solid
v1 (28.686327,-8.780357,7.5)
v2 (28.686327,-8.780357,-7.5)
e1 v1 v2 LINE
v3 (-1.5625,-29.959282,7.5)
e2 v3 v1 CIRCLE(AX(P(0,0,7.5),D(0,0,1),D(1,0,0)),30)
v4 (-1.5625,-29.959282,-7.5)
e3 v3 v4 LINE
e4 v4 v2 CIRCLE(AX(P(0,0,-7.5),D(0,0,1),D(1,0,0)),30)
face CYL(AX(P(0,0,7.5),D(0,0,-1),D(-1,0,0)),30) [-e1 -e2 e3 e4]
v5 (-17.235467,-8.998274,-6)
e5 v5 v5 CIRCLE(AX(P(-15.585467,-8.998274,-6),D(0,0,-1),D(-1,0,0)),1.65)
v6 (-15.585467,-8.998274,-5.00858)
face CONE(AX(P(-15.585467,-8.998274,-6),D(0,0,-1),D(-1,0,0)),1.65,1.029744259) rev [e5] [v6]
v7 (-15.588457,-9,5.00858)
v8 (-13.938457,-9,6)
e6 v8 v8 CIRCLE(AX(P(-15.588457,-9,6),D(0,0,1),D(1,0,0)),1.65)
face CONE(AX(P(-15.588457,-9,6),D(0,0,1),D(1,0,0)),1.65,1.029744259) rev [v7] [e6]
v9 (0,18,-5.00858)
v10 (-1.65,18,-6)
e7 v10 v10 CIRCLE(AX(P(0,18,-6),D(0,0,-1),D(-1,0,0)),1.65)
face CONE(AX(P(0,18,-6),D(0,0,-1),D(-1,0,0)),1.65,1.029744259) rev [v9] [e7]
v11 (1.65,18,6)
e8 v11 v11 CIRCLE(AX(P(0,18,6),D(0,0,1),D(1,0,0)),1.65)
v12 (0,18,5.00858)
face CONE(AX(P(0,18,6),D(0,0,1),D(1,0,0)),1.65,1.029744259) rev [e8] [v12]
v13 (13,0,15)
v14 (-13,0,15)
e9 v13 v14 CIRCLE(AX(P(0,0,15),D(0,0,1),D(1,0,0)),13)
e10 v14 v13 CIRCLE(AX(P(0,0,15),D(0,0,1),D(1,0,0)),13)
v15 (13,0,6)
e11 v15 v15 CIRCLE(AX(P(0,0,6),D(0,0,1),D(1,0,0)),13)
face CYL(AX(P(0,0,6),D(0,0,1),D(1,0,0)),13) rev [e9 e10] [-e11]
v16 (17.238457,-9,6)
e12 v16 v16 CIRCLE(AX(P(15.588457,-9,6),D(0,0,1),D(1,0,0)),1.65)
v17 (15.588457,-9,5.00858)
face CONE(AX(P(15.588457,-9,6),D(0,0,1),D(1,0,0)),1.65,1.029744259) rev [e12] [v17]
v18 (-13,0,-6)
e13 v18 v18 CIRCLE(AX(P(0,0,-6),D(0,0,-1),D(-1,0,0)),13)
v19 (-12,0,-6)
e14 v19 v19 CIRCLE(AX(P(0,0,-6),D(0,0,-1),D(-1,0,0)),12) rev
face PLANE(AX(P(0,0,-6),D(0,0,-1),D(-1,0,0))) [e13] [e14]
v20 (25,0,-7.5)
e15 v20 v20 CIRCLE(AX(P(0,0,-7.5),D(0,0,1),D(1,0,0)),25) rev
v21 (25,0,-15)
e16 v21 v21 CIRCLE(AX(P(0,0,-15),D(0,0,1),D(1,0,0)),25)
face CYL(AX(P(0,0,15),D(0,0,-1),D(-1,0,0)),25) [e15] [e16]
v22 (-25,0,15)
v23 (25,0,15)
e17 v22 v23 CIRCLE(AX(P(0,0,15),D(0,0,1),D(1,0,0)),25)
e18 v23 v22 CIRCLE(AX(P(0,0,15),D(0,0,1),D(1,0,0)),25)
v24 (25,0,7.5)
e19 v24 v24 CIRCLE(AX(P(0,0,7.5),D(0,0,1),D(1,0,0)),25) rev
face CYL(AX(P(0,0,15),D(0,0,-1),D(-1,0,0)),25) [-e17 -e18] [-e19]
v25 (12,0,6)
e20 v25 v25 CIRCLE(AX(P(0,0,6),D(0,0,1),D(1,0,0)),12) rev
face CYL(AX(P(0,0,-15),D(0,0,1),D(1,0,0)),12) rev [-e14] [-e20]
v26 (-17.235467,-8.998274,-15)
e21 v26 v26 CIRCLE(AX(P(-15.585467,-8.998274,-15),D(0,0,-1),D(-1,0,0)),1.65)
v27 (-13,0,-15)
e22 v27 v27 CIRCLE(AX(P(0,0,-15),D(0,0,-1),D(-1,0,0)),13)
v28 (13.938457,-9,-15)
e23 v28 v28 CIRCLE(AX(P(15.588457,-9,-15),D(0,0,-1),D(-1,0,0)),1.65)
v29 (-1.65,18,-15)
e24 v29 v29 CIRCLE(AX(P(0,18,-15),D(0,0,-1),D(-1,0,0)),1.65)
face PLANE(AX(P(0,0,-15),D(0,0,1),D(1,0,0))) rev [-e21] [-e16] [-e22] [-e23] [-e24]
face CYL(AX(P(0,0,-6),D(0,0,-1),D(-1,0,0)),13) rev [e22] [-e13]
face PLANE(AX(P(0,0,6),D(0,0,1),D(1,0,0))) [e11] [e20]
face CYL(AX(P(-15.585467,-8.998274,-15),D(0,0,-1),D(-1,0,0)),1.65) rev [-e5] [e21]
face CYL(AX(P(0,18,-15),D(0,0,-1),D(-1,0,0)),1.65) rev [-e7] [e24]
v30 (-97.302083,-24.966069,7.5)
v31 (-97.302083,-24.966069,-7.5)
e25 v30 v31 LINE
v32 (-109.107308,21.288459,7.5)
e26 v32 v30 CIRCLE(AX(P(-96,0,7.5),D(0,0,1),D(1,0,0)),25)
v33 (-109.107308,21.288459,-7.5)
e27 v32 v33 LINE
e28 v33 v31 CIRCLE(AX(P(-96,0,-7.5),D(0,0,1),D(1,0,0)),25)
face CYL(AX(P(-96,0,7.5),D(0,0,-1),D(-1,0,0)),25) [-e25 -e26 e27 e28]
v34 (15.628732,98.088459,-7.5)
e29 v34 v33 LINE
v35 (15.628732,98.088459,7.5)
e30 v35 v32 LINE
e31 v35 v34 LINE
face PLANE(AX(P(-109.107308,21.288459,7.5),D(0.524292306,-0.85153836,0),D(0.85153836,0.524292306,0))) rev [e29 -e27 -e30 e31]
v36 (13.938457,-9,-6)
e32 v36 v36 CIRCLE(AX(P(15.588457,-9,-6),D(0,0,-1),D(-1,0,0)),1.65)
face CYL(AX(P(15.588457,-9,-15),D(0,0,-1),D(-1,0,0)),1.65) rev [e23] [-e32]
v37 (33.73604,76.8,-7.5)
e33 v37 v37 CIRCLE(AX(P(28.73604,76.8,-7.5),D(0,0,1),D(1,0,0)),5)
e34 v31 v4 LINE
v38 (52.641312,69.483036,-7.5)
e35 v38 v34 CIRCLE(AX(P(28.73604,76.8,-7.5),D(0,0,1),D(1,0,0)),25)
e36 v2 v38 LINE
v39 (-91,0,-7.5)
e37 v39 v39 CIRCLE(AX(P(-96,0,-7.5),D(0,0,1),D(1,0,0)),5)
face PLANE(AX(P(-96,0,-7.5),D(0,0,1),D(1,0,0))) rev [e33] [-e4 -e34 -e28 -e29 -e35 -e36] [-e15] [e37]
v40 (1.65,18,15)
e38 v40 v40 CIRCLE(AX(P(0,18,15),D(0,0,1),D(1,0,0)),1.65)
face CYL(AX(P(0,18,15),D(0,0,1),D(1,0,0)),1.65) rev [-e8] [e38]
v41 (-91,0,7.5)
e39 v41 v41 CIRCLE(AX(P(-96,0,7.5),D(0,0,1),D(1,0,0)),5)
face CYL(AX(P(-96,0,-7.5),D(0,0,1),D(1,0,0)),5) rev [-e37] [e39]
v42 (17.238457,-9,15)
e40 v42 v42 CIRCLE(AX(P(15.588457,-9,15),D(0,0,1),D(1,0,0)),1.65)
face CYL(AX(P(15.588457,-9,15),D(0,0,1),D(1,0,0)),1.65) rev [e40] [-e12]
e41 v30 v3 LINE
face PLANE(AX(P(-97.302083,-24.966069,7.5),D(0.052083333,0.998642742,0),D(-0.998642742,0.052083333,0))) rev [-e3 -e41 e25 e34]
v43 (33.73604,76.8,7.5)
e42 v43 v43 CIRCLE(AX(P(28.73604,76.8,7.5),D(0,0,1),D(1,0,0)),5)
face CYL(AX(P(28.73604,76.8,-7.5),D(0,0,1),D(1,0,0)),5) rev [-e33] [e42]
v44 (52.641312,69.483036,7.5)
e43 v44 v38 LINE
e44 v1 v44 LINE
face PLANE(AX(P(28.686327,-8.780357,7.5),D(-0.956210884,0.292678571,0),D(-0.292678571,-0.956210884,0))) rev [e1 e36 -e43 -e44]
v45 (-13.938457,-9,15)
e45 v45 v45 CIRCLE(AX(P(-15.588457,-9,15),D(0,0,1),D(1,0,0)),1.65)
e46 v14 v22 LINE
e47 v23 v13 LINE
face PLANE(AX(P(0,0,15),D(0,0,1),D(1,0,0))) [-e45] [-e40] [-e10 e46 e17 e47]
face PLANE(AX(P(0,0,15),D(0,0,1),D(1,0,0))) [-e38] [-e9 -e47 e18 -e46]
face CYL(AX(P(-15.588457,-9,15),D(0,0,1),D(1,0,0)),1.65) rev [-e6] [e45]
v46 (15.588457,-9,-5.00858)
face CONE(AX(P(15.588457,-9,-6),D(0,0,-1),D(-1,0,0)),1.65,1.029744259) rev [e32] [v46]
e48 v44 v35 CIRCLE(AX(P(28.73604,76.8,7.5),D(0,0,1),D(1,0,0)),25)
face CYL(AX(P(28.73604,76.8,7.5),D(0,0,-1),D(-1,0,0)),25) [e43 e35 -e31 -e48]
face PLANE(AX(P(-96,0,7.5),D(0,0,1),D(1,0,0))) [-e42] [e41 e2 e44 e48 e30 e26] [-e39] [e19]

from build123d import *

# Parameters (mm, degrees)
BASELINE_BODY_DEPTH   = 7.5
SKETCH3_R             = 5
CUT_EXTRUDE1_DEPTH    = 159.837149307
SKETCH4_R             = 25
BOSS_EXTRUDE2_DEPTH   = 15
SKETCH5_R             = 12
CUT_EXTRUDE2_DEPTH    = 161.947941894
SKETCH6_R             = 13
CUT_EXTRUDE3_DEPTH    = 9
CUT_EXTRUDE4_START    = -9
SKETCH7_R             = 13
CUT_EXTRUDE4_DEPTH    = 9
M4_TAPPED_HOLE6_D     = 3.3
M4_TAPPED_HOLE6_DEPTH = 9
M4_TAPPED_HOLE6_TIP   = 0.991420021
M4_TAPPED_HOLE8_D     = 3.3
M4_TAPPED_HOLE8_DEPTH = 9
M4_TAPPED_HOLE8_TIP   = 0.991420021


with BuildPart() as part:
    # Rocker_Profile → Baseline_Body (new, symmetric)
    with BuildSketch(Plane.XY):
        with BuildLine():
            Line((-97.302083333, -24.966068553), (-1.5625, -29.959282264))
            ThreePointArc((-1.5625, -29.959282264), (17.206458335, -24.57514581), (28.686326507, -8.780357142))
            Line((28.686326507, -8.780357142), (52.641312178, 69.483035715))
            ThreePointArc((52.641312178, 69.483035715), (44.023831603, 96.580885487), (15.628732451, 98.088458997))
            Line((15.628732451, 98.088458997), (-109.107307638, 21.288458997))
            ThreePointArc((-109.107307638, 21.288458997), (-120.2235003, -6.182397046), (-97.302083333, -24.966068553))
        make_face()
    extrude(amount=BASELINE_BODY_DEPTH, both=True)

    # Sketch3 → Cut-Extrude1 (cut, through all)
    with BuildSketch(Plane.XY.offset(7.5)):
        with Locations((-96, 0)):
            Circle(SKETCH3_R)
        with Locations((28.736040089, 76.8)):
            Circle(SKETCH3_R)
    extrude(amount=-CUT_EXTRUDE1_DEPTH, mode=Mode.SUBTRACT)

    # Sketch4 → Boss-Extrude2 (add, symmetric)
    with BuildSketch(Plane.XY):
        Circle(SKETCH4_R)
    extrude(amount=BOSS_EXTRUDE2_DEPTH, both=True)

    # Sketch5 → Cut-Extrude2 (cut, through all)
    with BuildSketch(Plane.XY.offset(15)):
        Circle(SKETCH5_R)
    extrude(amount=-CUT_EXTRUDE2_DEPTH, mode=Mode.SUBTRACT)

    # Sketch6 → Cut-Extrude3 (cut)
    with BuildSketch(Plane.XY.offset(15)):
        Circle(SKETCH6_R)
    extrude(amount=-CUT_EXTRUDE3_DEPTH, mode=Mode.SUBTRACT)

    # Sketch7 → Cut-Extrude4 (cut)
    with BuildSketch(Plane(origin=(0, 0, -15), x_dir=(-1, 0, 0), z_dir=(0, 0, -1)).offset(CUT_EXTRUDE4_START)):
        with Locations(Location((0, 0, 0), (0, 0, 180))):
            Circle(SKETCH7_R)
    extrude(amount=CUT_EXTRUDE4_DEPTH, mode=Mode.SUBTRACT)

    # M4 Tapped Hole6
    with Locations(Plane.XY.offset(15)):
        with Locations((-15.588457268, -9), (0, 18), (15.588457268, -9)):
            Hole(M4_TAPPED_HOLE6_D / 2, depth=M4_TAPPED_HOLE6_DEPTH)
            with Locations((0, 0, -(M4_TAPPED_HOLE6_DEPTH + M4_TAPPED_HOLE6_TIP / 2))):  # 118° drill point
                Cone(0, M4_TAPPED_HOLE6_D / 2, M4_TAPPED_HOLE6_TIP, mode=Mode.SUBTRACT)

    # M4 Tapped Hole8
    with Locations(Plane(origin=(0, 0, -15), x_dir=(-1, 0, 0), z_dir=(0, 0, -1))):
        with Locations((-15.588457268, -9), (0, 18), (15.585467422, -8.998273811)):
            Hole(M4_TAPPED_HOLE8_D / 2, depth=M4_TAPPED_HOLE8_DEPTH)
            with Locations((0, 0, -(M4_TAPPED_HOLE8_DEPTH + M4_TAPPED_HOLE8_TIP / 2))):  # 118° drill point
                Cone(0, M4_TAPPED_HOLE8_D / 2, M4_TAPPED_HOLE8_TIP, mode=Mode.SUBTRACT)


solid = part.part
